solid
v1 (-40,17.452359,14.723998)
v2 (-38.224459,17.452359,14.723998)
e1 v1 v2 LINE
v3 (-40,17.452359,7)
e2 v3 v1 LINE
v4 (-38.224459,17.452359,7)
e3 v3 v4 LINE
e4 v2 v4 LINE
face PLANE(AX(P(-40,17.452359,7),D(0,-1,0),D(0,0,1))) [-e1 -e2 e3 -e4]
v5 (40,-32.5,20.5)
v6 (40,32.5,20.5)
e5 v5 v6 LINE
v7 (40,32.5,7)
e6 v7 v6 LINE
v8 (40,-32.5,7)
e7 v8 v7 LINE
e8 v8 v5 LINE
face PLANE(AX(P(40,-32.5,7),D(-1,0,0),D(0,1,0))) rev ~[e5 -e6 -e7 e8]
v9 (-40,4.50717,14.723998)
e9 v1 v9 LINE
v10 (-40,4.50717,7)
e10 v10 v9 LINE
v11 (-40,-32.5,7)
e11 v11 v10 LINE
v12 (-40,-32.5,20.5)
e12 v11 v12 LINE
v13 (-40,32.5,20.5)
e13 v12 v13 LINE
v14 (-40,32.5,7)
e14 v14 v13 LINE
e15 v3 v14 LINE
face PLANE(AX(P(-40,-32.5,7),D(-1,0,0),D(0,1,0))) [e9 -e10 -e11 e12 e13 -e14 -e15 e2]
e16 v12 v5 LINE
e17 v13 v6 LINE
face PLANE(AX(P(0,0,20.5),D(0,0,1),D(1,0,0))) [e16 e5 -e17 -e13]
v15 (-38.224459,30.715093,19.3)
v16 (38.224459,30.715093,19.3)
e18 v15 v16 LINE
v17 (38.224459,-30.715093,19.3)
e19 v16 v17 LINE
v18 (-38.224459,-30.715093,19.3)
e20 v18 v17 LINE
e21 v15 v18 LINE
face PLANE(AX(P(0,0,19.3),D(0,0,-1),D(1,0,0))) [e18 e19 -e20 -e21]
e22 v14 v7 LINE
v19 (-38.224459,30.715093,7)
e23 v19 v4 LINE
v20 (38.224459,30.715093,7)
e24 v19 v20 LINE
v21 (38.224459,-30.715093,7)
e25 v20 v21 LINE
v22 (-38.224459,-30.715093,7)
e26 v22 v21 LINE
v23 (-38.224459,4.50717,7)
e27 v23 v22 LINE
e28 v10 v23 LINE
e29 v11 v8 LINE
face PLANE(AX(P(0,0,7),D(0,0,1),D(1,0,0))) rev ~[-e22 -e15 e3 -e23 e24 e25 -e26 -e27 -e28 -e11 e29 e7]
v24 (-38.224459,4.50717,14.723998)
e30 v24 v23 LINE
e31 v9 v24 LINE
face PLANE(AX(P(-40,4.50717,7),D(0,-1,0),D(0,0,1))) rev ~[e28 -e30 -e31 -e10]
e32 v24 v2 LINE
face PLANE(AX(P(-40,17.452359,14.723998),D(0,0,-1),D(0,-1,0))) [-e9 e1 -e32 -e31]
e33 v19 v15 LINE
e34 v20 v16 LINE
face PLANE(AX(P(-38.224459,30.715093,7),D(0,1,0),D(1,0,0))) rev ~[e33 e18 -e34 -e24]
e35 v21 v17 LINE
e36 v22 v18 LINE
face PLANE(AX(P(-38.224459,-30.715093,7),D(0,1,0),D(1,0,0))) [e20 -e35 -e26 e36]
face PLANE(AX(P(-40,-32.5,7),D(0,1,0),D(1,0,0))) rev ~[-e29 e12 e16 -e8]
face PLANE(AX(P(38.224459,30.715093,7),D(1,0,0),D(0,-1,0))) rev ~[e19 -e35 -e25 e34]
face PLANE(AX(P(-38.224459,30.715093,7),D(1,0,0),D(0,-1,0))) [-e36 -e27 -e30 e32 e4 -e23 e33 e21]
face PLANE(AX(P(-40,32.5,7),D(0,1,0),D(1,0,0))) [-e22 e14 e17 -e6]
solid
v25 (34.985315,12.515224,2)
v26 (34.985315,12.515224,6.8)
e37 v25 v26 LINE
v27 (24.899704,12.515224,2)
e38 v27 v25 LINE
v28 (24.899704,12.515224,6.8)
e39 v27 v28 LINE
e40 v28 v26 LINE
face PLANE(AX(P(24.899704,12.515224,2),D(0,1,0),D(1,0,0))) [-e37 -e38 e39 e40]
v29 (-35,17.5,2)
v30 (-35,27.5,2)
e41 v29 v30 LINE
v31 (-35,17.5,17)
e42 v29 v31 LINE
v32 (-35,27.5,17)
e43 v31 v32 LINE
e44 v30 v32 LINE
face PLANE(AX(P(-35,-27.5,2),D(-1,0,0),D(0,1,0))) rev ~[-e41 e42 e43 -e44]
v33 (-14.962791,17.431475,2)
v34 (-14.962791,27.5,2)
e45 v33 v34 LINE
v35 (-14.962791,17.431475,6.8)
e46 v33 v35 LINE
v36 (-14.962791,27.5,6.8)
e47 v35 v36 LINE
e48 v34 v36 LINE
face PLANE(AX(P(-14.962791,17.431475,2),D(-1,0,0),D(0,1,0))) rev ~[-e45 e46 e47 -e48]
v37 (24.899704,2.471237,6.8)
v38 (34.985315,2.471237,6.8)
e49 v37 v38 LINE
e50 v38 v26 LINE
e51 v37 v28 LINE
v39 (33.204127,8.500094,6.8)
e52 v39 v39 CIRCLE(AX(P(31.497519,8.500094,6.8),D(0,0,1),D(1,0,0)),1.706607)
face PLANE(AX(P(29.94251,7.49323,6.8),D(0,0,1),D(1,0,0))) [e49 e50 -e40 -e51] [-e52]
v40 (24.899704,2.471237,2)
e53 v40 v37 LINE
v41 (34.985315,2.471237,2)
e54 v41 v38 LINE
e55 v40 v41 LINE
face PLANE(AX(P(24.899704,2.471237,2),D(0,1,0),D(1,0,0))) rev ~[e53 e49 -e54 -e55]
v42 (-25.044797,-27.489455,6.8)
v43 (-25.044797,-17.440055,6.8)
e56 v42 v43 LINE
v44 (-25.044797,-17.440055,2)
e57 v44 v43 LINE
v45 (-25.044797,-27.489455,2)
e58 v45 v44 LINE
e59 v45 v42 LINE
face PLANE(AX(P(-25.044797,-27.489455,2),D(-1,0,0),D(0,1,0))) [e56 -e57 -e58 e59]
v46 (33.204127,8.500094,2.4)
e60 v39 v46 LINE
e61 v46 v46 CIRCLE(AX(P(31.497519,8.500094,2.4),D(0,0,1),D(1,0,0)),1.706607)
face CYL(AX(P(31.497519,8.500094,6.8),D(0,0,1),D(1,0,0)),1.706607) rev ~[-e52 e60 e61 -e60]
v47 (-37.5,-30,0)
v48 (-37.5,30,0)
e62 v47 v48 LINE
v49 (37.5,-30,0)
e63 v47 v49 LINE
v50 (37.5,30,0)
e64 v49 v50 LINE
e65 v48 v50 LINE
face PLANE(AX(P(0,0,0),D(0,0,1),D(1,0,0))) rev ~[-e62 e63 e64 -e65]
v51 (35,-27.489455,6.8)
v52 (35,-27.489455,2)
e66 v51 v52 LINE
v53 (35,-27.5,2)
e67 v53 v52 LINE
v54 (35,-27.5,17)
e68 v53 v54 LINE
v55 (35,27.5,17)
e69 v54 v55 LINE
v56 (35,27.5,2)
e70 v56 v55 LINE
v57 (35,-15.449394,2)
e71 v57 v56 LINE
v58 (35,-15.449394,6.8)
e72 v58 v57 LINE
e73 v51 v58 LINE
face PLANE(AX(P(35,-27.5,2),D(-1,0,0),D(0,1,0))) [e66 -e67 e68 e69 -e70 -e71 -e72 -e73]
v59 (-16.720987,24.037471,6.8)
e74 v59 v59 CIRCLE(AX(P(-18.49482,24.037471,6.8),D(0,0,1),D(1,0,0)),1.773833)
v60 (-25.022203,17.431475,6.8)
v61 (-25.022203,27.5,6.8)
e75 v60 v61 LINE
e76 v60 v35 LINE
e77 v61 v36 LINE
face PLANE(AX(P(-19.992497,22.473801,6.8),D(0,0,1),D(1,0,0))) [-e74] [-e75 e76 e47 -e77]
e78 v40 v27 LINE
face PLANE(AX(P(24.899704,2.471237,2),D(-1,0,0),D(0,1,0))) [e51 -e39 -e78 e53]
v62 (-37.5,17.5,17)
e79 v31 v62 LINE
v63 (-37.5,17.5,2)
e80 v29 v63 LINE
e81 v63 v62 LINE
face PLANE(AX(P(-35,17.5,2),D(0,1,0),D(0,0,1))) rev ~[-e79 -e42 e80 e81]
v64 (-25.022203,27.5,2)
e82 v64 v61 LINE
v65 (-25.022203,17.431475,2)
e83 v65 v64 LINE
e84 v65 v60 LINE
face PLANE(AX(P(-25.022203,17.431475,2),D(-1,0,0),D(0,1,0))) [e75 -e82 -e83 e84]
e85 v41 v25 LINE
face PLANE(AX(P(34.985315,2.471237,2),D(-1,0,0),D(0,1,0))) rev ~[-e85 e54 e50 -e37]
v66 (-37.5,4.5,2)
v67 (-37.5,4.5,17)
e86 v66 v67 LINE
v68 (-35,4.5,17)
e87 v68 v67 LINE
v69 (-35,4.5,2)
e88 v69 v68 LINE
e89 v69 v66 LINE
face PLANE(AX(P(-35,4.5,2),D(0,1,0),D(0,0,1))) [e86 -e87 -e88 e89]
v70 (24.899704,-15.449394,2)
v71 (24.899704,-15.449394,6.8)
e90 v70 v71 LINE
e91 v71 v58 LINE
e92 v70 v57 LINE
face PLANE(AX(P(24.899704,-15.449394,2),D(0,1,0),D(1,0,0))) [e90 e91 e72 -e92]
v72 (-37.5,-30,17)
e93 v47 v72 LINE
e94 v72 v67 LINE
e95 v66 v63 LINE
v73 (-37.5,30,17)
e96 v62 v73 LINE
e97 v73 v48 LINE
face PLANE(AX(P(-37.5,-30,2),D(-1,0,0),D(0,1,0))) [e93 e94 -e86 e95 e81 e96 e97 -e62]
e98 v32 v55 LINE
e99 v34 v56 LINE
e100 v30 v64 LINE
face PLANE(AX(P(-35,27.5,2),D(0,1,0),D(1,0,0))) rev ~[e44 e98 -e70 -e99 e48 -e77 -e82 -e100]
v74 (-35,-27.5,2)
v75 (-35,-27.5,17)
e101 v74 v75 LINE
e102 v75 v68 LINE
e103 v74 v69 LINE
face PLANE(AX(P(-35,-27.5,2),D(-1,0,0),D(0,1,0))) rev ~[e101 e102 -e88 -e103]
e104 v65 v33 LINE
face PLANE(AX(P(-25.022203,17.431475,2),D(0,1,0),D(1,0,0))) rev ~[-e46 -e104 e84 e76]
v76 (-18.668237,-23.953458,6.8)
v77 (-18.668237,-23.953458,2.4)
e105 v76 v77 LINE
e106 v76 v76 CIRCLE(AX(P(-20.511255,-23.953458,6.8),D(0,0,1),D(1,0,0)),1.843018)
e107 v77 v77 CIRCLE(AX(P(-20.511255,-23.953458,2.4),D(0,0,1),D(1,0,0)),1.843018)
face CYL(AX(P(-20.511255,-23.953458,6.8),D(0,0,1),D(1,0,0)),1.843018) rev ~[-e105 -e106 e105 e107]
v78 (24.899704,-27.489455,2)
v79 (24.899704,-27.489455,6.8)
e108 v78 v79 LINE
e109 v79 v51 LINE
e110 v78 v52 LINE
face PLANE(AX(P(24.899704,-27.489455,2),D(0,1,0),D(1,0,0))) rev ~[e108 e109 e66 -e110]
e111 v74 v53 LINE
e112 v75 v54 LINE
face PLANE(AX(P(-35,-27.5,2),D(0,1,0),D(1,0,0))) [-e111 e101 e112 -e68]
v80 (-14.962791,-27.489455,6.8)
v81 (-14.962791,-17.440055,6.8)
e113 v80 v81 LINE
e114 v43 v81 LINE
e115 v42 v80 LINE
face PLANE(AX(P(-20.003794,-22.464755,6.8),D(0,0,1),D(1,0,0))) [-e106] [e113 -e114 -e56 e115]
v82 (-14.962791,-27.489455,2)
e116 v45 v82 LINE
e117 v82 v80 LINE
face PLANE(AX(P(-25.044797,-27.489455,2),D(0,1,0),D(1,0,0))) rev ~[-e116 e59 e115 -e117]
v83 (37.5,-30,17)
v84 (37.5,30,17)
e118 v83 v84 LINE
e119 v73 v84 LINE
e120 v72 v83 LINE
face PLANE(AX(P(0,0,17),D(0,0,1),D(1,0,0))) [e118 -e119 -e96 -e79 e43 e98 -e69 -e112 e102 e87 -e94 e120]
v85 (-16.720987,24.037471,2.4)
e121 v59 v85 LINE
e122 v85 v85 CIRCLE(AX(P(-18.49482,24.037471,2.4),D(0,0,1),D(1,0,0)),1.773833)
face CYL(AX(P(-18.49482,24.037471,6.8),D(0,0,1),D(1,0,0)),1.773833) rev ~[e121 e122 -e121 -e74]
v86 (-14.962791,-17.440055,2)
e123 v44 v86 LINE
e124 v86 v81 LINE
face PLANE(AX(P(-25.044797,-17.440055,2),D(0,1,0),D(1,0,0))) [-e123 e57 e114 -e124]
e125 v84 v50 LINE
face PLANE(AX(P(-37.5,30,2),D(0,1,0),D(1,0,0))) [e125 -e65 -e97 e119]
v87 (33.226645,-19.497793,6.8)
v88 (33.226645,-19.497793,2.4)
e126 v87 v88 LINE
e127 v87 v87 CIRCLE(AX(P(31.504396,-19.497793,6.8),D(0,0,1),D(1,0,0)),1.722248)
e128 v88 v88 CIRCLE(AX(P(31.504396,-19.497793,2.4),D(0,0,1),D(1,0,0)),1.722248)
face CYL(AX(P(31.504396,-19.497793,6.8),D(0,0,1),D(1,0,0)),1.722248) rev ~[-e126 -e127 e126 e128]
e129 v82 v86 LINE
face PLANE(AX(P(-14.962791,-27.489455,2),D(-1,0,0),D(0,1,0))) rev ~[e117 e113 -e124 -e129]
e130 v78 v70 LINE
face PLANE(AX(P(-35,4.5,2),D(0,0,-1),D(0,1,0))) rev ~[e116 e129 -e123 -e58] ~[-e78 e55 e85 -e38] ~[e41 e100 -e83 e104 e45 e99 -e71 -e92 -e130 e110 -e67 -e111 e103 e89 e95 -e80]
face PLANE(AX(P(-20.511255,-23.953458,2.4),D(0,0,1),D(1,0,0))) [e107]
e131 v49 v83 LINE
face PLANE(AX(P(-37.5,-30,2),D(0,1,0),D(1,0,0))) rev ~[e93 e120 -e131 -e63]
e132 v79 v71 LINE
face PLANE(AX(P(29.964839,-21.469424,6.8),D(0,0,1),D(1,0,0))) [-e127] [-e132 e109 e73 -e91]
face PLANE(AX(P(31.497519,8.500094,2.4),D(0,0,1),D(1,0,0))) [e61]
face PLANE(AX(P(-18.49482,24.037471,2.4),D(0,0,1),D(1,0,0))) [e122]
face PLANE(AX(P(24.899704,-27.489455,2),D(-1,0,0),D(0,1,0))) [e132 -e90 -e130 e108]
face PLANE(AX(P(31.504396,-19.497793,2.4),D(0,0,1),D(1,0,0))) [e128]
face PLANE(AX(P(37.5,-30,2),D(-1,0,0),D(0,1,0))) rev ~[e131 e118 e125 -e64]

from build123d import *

# Parameters (mm, degrees)
F0_W      = 75
F0_H      = 60
F1_DEPTH  = 2
F2_W      = 75
F2_H      = 60
F2_W_2    = 70
F2_H_2    = 55
F3_DEPTH  = 15
F6_W      = 13
F6_H      = 15
F7_DEPTH  = 2.5
F8_W      = 80
F8_H      = 65
F9_DEPTH  = 13.5
F10_W     = 76.4489173889
F10_H     = 61.4301860332
F11_DEPTH = 12.3
F12_W     = 12.9451896064
F12_H     = 7.7239975631
F13_DEPTH = 25
F14_W     = 10.0594116375
F14_H     = 10.0846514106
F14_W_2   = 10.0856106728
F14_H_2   = 10.043987073
F14_W_3   = 10.1302694529
F14_H_3   = 12.0400618762
F14_W_4   = 10.0820055231
F14_H_4   = 10.0494008511
F15_DEPTH = 4.8
F16_R     = 1.7738329655
F16_R_2   = 1.7066073619
F16_R_3   = 1.7222481611
F16_R_4   = 1.8430179388
F17_DEPTH = 4.4


with BuildPart() as f1:
    # F0 (on Top) → F1 (new body)
    with BuildSketch(Plane.XY):
        Rectangle(F0_W, F0_H)
    extrude(amount=F1_DEPTH)

    # F2 (on face) → F3 (join)
    with BuildSketch(Plane.XY.offset(2)):
        Rectangle(F2_W, F2_H)
        Rectangle(F2_W_2, F2_H_2, mode=Mode.SUBTRACT)
    extrude(amount=F3_DEPTH)

    # F6 (on face) → F7 (cut, through all)
    with BuildSketch(Plane.YZ.offset(-35)):
        with Locations((11, 9.5)):
            Rectangle(F6_W, F6_H)
    extrude(amount=-F7_DEPTH, mode=Mode.SUBTRACT)

    # F14 (on face) → F15 (join)
    with BuildSketch(Plane.XY.offset(2)):
        with Locations((-19.992497284, 22.4738009274)):
            Rectangle(F14_W, F14_H)
        with Locations((29.9425097182, 7.4932300486)):
            Rectangle(F14_W_2, F14_H_2)
        with Locations((29.9648391083, -21.4694244787)):
            Rectangle(F14_W_3, F14_H_3)
        with Locations((-20.0037942268, -22.4647549912)):
            Rectangle(F14_W_4, F14_H_4)
    extrude(amount=F15_DEPTH)

    # F16 (on face) → F17 (cut)
    with BuildSketch(Plane.XY.offset(6.8)):
        with Locations((-18.4948202223, 24.0374710411)):
            Circle(F16_R)
        with Locations((31.4975194633, 8.5000935942)):
            Circle(F16_R_2)
        with Locations((31.5043963492, -19.4977931678)):
            Circle(F16_R_3)
        with Locations((-20.5112546682, -23.9534582943)):
            Circle(F16_R_4)
    extrude(amount=-F17_DEPTH, mode=Mode.SUBTRACT)


with BuildPart() as f9:
    # F8 (on offset) → F9 (new body)
    with BuildSketch(Plane.XY.offset(7)):
        Rectangle(F8_W, F8_H)
    extrude(amount=F9_DEPTH)

    # F10 (on face) → F11 (cut)
    with BuildSketch(Plane(origin=(0, 0, 7), x_dir=(1, 0, 0), z_dir=(0, 0, -1))):
        Rectangle(F10_W, F10_H)
    extrude(amount=-F11_DEPTH, mode=Mode.SUBTRACT)

    # F12 (on face) → F13 (cut)
    with BuildSketch(Plane(origin=(-40, 0, 0), x_dir=(0, -1, 0), z_dir=(-1, 0, 0))):
        with Locations((-10.9797643963, 10.8619987816)):
            Rectangle(F12_W, F12_H)
    extrude(amount=-F13_DEPTH, mode=Mode.SUBTRACT)


solid = Compound([f1.part, f9.part])
